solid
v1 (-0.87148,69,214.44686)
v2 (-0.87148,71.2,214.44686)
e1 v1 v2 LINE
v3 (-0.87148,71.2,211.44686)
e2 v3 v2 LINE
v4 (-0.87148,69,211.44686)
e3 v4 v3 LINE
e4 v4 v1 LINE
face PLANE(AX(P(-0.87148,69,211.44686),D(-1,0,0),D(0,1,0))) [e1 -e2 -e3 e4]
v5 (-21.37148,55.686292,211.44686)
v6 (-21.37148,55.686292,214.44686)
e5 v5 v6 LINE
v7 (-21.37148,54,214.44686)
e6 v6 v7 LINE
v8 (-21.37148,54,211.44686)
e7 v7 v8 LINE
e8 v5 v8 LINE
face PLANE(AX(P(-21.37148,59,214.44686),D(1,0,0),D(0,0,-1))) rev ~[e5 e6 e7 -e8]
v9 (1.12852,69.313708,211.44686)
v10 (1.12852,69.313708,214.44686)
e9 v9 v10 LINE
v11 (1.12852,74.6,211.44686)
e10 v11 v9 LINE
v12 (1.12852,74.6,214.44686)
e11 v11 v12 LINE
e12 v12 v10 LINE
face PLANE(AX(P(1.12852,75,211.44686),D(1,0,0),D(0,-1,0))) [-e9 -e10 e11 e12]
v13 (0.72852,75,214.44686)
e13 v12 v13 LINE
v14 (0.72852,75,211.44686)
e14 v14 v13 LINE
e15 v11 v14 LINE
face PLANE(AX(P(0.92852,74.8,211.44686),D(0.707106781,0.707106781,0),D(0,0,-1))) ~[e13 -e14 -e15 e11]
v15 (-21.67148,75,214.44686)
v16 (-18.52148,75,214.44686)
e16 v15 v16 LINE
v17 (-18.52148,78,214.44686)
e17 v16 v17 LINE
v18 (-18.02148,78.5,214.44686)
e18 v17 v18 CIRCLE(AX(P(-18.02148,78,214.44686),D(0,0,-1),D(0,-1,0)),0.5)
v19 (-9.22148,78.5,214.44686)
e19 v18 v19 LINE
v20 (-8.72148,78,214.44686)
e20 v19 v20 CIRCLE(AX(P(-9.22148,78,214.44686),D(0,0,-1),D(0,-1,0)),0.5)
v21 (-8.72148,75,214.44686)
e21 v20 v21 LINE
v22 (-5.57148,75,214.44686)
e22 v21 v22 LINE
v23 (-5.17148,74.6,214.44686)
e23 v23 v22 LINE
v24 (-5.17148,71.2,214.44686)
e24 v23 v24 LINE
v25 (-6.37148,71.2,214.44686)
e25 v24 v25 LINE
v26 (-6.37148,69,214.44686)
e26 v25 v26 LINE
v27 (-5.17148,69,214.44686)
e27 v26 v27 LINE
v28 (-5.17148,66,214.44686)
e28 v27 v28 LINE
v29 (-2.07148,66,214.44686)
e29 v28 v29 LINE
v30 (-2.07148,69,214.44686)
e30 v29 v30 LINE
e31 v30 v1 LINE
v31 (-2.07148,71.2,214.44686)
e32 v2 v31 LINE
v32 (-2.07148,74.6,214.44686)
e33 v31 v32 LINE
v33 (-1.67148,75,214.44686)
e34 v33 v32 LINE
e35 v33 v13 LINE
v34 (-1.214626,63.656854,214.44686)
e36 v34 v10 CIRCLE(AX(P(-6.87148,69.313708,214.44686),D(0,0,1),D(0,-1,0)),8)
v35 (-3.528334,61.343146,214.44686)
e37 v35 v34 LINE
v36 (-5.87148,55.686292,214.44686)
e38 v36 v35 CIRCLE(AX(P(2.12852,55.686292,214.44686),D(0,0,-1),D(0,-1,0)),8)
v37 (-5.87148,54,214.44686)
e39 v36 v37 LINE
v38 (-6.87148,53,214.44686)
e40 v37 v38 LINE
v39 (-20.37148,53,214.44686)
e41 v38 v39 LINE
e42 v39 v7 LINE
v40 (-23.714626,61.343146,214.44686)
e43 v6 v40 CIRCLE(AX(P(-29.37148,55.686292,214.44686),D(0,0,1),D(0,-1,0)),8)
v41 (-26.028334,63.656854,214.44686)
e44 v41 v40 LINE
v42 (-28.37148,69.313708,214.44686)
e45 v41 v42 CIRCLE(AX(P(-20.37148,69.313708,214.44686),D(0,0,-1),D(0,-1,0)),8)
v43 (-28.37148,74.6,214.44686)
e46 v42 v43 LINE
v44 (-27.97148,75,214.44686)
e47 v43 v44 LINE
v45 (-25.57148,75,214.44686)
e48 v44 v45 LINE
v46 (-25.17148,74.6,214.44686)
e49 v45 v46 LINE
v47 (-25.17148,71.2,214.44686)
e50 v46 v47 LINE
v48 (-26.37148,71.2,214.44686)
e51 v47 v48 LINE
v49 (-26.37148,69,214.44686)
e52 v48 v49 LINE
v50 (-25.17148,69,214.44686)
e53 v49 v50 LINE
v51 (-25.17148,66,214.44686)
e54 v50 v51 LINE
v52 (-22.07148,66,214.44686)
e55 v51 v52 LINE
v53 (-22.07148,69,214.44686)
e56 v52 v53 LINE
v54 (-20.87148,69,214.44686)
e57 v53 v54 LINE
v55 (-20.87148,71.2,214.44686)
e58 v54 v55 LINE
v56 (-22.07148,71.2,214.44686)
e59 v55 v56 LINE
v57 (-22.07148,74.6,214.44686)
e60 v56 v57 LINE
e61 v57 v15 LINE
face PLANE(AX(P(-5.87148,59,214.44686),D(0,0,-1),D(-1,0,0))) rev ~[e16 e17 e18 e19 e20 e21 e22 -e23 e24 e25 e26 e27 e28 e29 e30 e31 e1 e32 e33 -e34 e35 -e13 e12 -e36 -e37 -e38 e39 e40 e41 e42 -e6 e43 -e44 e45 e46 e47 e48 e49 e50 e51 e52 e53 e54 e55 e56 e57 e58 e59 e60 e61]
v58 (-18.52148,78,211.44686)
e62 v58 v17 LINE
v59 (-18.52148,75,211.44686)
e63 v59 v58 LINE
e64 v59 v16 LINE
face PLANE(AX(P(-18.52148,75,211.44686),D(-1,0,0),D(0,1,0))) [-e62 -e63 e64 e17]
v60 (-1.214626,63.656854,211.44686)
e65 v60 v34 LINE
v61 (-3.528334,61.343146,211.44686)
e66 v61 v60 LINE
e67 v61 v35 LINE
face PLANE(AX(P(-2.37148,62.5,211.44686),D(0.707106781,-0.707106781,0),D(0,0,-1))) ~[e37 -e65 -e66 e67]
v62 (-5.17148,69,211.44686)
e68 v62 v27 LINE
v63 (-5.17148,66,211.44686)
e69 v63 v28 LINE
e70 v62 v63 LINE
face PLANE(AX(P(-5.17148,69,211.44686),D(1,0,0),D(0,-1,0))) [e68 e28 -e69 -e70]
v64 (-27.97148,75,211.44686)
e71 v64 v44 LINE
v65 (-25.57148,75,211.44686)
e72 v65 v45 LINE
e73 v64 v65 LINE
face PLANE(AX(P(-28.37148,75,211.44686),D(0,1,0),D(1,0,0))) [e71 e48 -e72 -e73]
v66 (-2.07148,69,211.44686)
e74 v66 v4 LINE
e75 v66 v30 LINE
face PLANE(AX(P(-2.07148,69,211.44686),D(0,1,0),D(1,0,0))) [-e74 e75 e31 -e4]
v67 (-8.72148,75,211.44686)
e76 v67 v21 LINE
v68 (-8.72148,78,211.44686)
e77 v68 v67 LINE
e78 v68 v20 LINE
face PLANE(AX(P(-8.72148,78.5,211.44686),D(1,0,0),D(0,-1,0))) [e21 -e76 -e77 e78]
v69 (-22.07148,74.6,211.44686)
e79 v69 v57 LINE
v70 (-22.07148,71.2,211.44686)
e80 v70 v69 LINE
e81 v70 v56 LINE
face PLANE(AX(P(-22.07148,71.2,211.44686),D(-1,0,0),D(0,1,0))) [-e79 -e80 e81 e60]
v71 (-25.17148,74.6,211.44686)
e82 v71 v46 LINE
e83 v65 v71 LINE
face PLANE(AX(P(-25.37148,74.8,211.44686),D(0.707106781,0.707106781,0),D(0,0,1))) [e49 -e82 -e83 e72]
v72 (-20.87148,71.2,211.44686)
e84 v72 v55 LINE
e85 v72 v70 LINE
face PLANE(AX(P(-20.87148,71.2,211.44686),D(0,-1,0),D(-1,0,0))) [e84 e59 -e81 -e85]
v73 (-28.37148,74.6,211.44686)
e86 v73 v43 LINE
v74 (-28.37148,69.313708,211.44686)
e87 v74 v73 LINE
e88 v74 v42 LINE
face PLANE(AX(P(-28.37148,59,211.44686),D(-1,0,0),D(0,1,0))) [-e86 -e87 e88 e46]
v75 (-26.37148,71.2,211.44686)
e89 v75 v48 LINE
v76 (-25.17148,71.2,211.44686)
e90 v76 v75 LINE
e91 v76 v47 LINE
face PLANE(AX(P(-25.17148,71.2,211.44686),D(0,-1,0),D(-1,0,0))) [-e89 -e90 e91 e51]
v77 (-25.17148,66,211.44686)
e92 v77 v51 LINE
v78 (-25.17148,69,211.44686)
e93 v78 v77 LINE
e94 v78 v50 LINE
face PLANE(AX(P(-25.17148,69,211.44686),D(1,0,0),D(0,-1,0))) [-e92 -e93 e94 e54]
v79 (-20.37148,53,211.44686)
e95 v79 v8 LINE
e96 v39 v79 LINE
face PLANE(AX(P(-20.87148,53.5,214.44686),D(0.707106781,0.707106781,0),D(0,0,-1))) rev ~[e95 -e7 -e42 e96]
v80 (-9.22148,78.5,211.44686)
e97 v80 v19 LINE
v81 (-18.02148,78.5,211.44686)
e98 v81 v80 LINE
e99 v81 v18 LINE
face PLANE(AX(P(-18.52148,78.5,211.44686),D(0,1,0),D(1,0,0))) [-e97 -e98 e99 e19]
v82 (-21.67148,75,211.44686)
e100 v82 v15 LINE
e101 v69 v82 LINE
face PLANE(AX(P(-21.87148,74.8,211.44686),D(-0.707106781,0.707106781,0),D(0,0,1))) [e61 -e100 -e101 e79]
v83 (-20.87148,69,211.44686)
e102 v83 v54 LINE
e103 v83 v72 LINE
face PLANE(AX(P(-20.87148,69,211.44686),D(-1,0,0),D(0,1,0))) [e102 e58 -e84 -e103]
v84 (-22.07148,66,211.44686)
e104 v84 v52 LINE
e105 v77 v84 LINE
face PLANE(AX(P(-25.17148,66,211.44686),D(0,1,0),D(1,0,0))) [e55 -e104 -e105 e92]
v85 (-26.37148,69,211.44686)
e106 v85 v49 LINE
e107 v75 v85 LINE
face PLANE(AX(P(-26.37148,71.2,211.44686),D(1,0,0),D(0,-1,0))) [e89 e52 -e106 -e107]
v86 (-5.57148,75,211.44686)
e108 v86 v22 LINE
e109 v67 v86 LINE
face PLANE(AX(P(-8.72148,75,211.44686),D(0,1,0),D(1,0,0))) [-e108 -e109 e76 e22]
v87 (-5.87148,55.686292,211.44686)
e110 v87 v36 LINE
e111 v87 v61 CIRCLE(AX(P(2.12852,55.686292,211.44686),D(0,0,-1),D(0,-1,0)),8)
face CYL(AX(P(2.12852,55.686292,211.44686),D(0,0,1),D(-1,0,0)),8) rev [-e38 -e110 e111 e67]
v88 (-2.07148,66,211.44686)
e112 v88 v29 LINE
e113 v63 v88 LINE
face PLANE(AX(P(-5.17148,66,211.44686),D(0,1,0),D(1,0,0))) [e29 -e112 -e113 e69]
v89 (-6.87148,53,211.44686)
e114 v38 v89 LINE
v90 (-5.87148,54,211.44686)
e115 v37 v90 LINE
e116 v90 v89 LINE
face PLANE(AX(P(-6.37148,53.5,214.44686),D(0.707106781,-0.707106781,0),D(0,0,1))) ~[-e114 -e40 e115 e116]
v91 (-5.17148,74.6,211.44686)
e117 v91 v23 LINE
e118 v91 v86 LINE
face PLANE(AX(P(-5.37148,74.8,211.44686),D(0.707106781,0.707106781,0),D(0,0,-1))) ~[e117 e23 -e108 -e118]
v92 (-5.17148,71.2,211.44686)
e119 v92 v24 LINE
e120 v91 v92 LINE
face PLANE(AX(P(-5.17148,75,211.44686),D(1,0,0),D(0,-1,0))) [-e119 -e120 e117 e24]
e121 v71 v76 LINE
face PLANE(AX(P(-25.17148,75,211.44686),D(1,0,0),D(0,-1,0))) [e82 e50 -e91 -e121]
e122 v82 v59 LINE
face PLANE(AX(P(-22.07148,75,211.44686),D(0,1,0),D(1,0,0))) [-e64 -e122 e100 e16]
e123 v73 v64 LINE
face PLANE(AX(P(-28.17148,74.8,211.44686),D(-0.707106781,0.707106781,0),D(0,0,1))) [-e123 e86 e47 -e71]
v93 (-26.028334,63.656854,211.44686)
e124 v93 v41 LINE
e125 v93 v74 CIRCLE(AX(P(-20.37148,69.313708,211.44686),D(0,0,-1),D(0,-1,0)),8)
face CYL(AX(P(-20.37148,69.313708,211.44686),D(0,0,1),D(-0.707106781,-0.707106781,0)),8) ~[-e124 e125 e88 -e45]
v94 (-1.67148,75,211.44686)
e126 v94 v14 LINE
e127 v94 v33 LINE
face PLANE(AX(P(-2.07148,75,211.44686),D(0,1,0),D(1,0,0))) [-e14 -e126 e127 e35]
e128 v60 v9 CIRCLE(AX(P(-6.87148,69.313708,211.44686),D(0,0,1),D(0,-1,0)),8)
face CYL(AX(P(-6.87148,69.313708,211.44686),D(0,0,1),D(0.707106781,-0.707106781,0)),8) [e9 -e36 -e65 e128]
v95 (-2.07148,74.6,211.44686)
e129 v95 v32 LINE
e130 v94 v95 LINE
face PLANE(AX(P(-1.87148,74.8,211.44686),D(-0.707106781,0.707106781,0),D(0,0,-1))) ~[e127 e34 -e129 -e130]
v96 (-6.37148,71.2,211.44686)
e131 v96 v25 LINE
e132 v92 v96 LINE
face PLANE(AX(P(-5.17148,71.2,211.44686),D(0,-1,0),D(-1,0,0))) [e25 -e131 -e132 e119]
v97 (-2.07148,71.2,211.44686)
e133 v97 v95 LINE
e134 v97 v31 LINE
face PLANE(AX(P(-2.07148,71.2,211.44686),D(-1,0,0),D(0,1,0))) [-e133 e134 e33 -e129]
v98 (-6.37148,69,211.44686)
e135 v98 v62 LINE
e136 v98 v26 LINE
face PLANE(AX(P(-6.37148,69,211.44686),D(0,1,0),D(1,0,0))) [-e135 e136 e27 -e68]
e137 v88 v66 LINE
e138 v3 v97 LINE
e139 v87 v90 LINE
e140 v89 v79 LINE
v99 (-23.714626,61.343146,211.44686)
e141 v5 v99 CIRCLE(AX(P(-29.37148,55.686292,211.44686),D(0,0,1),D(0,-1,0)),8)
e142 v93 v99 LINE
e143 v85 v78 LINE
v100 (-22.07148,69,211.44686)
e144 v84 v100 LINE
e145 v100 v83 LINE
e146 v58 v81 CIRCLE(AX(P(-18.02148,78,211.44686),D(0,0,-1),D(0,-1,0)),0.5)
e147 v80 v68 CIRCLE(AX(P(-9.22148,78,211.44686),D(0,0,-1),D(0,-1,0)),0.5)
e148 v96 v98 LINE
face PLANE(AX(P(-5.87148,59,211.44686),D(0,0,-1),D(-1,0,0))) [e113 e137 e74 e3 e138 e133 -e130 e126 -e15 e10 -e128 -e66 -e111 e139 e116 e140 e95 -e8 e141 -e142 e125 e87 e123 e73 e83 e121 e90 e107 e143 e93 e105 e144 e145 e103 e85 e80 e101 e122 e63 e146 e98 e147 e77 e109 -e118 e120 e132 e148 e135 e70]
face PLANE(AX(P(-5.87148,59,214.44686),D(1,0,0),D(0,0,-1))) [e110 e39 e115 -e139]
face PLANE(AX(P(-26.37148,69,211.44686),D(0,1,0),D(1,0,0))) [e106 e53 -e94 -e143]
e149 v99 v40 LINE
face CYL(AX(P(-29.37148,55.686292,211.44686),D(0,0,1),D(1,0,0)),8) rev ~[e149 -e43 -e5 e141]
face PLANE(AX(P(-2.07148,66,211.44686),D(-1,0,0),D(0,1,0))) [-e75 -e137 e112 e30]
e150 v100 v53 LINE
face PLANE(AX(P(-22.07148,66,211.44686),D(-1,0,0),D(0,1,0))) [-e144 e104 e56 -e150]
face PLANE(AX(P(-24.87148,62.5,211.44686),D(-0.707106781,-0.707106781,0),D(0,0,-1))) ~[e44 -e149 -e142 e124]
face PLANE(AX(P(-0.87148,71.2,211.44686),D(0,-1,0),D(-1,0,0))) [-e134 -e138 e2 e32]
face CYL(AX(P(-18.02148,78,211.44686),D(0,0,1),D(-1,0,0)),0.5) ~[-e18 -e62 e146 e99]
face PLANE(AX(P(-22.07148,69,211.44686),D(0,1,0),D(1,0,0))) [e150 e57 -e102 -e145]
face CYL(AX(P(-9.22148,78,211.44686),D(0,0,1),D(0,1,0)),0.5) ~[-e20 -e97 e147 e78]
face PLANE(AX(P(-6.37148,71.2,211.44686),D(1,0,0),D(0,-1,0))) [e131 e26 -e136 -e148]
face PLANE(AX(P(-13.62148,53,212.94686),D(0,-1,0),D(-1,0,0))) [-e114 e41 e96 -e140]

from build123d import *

# Parameters (mm, degrees)
PAD096_DEPTH       = 3
FILLET_R           = 0.5
CHAMFER061_SIZE    = 7
CHAMFER062_SIZE    = 0.4
CHAMFER062_FACE6_W = 15.5
CHAMFER062_FACE6_H = 3
PAD097_DEPTH       = 6
CHAMFER063_SIZE    = 1
FILLET065_R        = 8


with BuildPart() as part:
    # Sketch181 (on Binder) → Pad096 (new body)
    with BuildSketch(Plane.XY.offset(211.44686)):
        Polygon((-28.37148, 75), (-25.17148, 75), (-25.17148, 71.2), (-26.37148, 71.2), (-26.37148, 69), (-25.17148, 69), (-25.17148, 66), (-22.07148, 66), (-22.07148, 69), (-20.87148, 69), (-20.87148, 71.2), (-22.07148, 71.2), (-22.07148, 75), (-18.52148, 75), (-18.52148, 78.5), (-8.72148, 78.5), (-8.72148, 75), (-5.17148, 75), (-5.17148, 71.2), (-6.37148, 71.2), (-6.37148, 69), (-5.17148, 69), (-5.17148, 66), (-2.07148, 66), (-2.07148, 69), (-0.87148, 69), (-0.87148, 71.2), (-2.07148, 71.2), (-2.07148, 75), (1.12852, 75), (1.12852, 59), (-28.37148, 59), align=None)
    extrude(amount=PAD096_DEPTH)

    # Fillet
    fillet_edges = [part.edges().sort_by_distance(p)[0] for p in [
        (-18.52148, 78.5, 212.94686),
        (-8.72148, 78.5, 212.94686),
    ]]
    fillet(fillet_edges, radius=FILLET_R)

    # Chamfer061
    chamfer061_edges = [part.edges().sort_by_distance(p)[0] for p in [
        (1.12852, 59, 212.94686),
        (-28.37148, 59, 212.94686),
    ]]
    chamfer(chamfer061_edges, length=CHAMFER061_SIZE)

    # Chamfer062
    chamfer062_edges = [part.edges().sort_by_distance(p)[0] for p in [
        (-28.37148, 75, 212.94686),
        (1.12852, 75, 212.94686),
        (-2.07148, 75, 212.94686),
        (-5.17148, 75, 212.94686),
        (-22.07148, 75, 212.94686),
        (-25.17148, 75, 212.94686),
    ]]
    chamfer(chamfer062_edges, length=CHAMFER062_SIZE)

    # Chamfer062 Face6 → Pad097 (add)
    with BuildSketch(Plane(origin=(-13.62148, 59, 212.94686), x_dir=(-1, 0, 0), z_dir=(0, -1, 0))):
        Rectangle(CHAMFER062_FACE6_W, CHAMFER062_FACE6_H)
    extrude(amount=PAD097_DEPTH)

    # Chamfer063
    chamfer063_edges = [part.edges().sort_by_distance(p)[0] for p in [
        (-5.87148, 53, 212.94686),
        (-21.37148, 53, 212.94686),
    ]]
    chamfer(chamfer063_edges, length=CHAMFER063_SIZE)

    # Fillet065
    fillet065_edges = [part.edges().sort_by_distance(p)[0] for p in [
        (-21.37148, 59, 212.94686),
        (-28.37148, 66, 212.94686),
        (-5.87148, 59, 212.94686),
        (1.12852, 66, 212.94686),
    ]]
    fillet(fillet065_edges, radius=FILLET065_R)


solid = part.part
